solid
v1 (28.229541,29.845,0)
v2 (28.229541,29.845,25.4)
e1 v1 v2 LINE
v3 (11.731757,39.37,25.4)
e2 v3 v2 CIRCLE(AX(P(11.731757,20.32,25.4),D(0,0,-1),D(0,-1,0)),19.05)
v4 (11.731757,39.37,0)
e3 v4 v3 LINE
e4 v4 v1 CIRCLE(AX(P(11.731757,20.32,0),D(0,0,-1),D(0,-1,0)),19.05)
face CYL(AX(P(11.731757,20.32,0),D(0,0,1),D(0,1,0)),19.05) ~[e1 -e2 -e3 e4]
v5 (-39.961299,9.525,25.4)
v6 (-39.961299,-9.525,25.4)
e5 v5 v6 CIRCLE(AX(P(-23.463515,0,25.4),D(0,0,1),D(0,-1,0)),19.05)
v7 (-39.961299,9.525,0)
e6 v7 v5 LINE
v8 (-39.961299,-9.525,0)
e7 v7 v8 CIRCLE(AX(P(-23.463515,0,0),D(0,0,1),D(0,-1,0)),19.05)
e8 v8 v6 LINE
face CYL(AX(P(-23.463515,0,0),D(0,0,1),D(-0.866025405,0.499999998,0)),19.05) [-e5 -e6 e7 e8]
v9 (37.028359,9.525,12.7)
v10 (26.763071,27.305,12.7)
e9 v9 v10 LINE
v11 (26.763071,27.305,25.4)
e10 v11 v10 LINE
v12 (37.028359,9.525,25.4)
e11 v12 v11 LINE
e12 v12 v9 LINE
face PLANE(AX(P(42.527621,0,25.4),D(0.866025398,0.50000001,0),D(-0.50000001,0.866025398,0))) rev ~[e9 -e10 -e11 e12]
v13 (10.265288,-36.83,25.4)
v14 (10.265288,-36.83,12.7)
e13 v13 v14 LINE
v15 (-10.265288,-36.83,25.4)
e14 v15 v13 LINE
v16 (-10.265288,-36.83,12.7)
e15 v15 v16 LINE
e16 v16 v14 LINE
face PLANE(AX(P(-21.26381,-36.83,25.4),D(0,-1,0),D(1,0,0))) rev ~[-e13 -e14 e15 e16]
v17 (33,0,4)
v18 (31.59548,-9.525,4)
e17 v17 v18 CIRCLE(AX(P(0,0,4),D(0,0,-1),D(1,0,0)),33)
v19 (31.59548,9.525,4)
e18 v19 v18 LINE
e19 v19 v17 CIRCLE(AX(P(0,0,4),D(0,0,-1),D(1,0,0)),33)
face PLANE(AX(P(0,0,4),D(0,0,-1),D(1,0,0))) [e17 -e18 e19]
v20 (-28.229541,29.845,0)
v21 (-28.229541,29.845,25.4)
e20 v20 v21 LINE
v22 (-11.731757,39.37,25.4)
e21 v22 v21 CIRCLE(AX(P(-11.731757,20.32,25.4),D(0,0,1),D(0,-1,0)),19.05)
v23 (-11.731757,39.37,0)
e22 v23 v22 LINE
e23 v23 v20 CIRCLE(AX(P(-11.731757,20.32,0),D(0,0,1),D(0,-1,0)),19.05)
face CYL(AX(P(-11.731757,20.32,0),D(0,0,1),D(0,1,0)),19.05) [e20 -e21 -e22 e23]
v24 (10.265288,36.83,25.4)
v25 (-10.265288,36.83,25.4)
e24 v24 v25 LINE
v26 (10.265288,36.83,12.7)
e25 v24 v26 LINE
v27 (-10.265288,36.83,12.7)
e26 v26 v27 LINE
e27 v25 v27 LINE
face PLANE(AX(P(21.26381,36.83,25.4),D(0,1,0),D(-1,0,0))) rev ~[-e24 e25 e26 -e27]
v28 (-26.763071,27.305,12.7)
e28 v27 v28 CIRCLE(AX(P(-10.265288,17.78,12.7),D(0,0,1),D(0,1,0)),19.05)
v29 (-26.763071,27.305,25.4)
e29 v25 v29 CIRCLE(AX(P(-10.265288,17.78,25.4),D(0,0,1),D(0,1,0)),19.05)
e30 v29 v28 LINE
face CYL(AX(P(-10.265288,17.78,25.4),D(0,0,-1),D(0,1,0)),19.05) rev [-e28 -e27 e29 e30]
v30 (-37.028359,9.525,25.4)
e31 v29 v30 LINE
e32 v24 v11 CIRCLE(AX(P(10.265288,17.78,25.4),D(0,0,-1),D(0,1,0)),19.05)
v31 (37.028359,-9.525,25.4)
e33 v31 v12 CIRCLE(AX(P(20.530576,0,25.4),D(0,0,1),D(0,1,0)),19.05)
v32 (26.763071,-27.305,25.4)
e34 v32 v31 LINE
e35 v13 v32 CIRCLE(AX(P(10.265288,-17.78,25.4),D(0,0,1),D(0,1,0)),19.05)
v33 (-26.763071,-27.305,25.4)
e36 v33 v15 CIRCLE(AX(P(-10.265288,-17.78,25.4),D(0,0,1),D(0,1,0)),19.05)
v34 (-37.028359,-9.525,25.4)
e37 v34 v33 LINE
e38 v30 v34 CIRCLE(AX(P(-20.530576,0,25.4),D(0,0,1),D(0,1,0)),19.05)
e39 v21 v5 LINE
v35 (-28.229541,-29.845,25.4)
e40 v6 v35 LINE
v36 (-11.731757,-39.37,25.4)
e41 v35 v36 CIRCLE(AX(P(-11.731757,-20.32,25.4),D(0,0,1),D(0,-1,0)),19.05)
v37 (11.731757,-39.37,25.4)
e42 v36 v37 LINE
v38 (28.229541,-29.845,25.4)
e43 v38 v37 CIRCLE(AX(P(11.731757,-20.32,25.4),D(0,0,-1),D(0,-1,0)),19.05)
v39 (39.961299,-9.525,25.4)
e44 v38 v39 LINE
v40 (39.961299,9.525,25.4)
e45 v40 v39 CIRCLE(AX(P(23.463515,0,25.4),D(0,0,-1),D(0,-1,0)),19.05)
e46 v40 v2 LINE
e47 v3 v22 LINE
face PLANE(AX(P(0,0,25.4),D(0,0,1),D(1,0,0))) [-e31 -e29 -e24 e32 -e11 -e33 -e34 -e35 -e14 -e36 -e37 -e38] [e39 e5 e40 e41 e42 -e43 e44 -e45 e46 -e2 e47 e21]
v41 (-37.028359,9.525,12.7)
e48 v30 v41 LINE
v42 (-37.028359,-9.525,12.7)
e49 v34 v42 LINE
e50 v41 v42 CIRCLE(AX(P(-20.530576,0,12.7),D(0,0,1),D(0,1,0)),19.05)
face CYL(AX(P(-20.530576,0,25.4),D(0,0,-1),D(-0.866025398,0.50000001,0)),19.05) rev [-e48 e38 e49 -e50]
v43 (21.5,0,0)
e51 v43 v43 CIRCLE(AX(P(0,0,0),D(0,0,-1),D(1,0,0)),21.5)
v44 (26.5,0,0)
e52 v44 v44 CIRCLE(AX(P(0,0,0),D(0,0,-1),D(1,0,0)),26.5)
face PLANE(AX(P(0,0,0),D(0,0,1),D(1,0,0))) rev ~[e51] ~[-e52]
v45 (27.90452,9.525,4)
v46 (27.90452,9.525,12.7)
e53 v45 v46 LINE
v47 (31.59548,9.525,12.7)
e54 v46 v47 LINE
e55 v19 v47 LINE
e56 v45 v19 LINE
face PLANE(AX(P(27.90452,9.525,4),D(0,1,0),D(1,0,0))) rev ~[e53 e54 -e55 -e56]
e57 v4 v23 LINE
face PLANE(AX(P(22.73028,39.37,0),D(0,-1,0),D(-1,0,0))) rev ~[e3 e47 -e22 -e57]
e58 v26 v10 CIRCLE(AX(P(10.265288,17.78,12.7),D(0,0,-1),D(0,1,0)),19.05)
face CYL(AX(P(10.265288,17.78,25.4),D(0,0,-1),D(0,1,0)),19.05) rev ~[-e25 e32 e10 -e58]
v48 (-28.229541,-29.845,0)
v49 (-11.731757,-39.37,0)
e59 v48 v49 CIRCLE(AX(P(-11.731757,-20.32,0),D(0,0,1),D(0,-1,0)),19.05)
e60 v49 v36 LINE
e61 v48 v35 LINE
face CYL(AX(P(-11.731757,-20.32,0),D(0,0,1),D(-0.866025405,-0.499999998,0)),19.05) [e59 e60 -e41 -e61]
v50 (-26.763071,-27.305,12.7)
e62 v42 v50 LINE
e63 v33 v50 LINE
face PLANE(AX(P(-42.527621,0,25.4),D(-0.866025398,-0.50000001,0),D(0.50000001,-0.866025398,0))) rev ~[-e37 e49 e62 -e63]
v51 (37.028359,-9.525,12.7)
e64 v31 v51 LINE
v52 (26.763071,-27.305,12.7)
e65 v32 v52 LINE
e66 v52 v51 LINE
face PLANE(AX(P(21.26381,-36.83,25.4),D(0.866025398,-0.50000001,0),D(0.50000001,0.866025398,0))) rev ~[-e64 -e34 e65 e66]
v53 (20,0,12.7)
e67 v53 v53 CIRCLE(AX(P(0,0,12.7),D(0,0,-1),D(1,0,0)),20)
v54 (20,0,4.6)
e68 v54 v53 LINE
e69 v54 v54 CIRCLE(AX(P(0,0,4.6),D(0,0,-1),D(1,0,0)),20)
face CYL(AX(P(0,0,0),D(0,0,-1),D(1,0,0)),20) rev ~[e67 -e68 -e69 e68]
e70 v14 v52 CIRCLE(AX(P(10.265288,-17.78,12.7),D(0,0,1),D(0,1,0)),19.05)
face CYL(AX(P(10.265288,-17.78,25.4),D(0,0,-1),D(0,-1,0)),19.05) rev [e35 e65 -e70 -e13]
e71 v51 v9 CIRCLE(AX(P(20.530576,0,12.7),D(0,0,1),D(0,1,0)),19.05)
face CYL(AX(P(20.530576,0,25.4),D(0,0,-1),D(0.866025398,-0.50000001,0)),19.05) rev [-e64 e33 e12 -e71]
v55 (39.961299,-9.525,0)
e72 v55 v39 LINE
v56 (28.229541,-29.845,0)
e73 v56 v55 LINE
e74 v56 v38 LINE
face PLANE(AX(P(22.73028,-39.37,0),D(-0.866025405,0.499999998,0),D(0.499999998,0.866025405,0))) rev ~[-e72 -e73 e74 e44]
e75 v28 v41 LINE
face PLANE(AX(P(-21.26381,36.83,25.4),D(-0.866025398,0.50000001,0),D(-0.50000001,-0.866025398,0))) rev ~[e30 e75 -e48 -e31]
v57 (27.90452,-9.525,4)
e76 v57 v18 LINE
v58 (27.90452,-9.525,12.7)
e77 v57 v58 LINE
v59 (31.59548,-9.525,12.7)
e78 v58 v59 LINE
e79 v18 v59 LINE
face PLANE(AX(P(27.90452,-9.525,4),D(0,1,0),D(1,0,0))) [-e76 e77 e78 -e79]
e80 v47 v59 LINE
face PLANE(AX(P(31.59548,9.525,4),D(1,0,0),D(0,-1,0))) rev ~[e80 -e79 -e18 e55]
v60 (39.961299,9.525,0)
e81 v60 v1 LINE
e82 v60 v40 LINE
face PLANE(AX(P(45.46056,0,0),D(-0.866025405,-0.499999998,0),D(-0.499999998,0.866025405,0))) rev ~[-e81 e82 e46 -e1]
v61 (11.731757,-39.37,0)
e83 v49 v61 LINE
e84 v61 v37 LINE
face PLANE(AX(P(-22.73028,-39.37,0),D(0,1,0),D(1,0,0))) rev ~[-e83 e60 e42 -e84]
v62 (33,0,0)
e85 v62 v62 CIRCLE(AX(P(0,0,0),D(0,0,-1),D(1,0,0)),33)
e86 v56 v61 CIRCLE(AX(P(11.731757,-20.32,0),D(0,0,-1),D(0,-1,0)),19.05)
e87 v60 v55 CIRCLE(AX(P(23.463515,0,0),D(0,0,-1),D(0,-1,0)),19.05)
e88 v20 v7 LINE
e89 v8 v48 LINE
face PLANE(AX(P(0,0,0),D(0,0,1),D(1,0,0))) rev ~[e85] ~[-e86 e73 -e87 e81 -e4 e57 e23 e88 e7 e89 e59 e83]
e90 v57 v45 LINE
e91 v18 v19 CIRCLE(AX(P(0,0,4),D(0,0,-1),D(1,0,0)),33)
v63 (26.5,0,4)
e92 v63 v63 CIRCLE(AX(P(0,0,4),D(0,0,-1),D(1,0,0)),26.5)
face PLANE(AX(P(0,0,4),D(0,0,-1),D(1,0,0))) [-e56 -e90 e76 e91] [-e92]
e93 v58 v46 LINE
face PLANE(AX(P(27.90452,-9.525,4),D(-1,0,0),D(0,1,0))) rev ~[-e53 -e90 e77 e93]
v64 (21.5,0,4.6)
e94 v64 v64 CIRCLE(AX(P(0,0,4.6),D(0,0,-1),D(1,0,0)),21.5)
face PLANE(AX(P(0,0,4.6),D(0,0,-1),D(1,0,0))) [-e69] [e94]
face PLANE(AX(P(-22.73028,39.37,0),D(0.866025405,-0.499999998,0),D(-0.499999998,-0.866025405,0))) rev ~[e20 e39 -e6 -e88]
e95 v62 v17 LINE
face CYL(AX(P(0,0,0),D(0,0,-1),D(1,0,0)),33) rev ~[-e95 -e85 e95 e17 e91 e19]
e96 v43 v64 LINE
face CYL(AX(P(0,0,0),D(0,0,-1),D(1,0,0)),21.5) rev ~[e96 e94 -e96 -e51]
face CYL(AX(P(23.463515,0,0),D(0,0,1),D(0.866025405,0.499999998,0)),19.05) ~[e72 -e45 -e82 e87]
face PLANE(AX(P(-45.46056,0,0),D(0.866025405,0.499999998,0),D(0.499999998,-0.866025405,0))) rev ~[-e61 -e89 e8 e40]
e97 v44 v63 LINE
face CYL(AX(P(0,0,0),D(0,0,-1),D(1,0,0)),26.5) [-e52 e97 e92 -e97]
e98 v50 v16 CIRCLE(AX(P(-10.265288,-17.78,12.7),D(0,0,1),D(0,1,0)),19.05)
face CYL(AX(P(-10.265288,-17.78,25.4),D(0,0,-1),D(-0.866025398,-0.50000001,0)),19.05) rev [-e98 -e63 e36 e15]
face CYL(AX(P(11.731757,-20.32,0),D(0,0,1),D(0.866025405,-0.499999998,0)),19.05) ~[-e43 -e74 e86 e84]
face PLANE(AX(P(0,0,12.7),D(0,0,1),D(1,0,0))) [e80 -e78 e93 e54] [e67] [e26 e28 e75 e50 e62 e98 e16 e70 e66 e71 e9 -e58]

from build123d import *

# Parameters (mm, degrees)
F1_DEPTH  = 25.4
F3_DEPTH  = 12.7
F4_R      = 19.05
F5_R      = 19.05
F6_R      = 20
F7_DEPTH  = 12.7
F8_R      = 21.5
F9_DEPTH  = 4.6
F10_R     = 33
F10_R_2   = 26.5
F11_DEPTH = 4
F12_W     = 3.69096
F12_H     = 9.525
F13_DEPTH = 8.7


with BuildPart() as f1:
    # F0 (on Top) → F1 (new body)
    with BuildSketch(Plane.XY):
        Polygon((22.73028, 39.37), (-22.73028, 39.37), (-45.46056, 0), (-22.73028, -39.37), (22.73028, -39.37), (45.46056, 0), align=None)
    extrude(amount=F1_DEPTH)

    # F2 (on face) → F3 (cut)
    with BuildSketch(Plane.XY.offset(25.4)):
        Polygon((21.26381, 36.83), (-21.26381, 36.83), (-42.527621, 0), (-21.26381, -36.83), (21.26381, -36.83), (42.527621, 0), align=None)
    extrude(amount=-F3_DEPTH, mode=Mode.SUBTRACT)

    # F4
    f4_edges = [f1.edges().sort_by_distance(p)[0] for p in [
        (21.26381, 36.83, 19.05),
        (-21.26381, 36.83, 19.05),
        (-42.527621, 0, 19.05),
        (42.527621, 0, 19.05),
        (21.26381, -36.83, 19.05),
        (-21.26381, -36.83, 19.05),
    ]]
    fillet(f4_edges, radius=F4_R)

    # F5
    f5_edges = [f1.edges().sort_by_distance(p)[0] for p in [
        (-22.73028, -39.37, 12.7),
        (22.73028, -39.37, 12.7),
        (45.46056, 0, 12.7),
        (-45.46056, 0, 12.7),
        (-22.73028, 39.37, 12.7),
        (22.73028, 39.37, 12.7),
    ]]
    fillet(f5_edges, radius=F5_R)

    # F6 (on face) → F7 (cut, through all)
    with BuildSketch(Plane(origin=(0, 0, 0), x_dir=(1, 0, 0), z_dir=(0, 0, -1))):
        Circle(F6_R)
    extrude(amount=-F7_DEPTH, mode=Mode.SUBTRACT)

    # F8 (on face) → F9 (cut)
    with BuildSketch(Plane(origin=(0, 0, 0), x_dir=(1, 0, 0), z_dir=(0, 0, -1))):
        Circle(F8_R)
    extrude(amount=-F9_DEPTH, mode=Mode.SUBTRACT)

    # F10 (on face) → F11 (cut)
    with BuildSketch(Plane(origin=(0, 0, 0), x_dir=(1, 0, 0), z_dir=(0, 0, -1))):
        Circle(F10_R)
        Circle(F10_R_2, mode=Mode.SUBTRACT)
    extrude(amount=-F11_DEPTH, mode=Mode.SUBTRACT)

    # F12 (on face) → F13 (cut, through all)
    with BuildSketch(Plane(origin=(0, 0, 4), x_dir=(1, 0, 0), z_dir=(0, 0, -1))):
        with Locations((29.75, 4.7625)):
            Rectangle(F12_W, F12_H)
        with Locations((29.75, -4.7625)):
            Rectangle(F12_W, F12_H)
    extrude(amount=-F13_DEPTH, mode=Mode.SUBTRACT)


solid = f1.part
